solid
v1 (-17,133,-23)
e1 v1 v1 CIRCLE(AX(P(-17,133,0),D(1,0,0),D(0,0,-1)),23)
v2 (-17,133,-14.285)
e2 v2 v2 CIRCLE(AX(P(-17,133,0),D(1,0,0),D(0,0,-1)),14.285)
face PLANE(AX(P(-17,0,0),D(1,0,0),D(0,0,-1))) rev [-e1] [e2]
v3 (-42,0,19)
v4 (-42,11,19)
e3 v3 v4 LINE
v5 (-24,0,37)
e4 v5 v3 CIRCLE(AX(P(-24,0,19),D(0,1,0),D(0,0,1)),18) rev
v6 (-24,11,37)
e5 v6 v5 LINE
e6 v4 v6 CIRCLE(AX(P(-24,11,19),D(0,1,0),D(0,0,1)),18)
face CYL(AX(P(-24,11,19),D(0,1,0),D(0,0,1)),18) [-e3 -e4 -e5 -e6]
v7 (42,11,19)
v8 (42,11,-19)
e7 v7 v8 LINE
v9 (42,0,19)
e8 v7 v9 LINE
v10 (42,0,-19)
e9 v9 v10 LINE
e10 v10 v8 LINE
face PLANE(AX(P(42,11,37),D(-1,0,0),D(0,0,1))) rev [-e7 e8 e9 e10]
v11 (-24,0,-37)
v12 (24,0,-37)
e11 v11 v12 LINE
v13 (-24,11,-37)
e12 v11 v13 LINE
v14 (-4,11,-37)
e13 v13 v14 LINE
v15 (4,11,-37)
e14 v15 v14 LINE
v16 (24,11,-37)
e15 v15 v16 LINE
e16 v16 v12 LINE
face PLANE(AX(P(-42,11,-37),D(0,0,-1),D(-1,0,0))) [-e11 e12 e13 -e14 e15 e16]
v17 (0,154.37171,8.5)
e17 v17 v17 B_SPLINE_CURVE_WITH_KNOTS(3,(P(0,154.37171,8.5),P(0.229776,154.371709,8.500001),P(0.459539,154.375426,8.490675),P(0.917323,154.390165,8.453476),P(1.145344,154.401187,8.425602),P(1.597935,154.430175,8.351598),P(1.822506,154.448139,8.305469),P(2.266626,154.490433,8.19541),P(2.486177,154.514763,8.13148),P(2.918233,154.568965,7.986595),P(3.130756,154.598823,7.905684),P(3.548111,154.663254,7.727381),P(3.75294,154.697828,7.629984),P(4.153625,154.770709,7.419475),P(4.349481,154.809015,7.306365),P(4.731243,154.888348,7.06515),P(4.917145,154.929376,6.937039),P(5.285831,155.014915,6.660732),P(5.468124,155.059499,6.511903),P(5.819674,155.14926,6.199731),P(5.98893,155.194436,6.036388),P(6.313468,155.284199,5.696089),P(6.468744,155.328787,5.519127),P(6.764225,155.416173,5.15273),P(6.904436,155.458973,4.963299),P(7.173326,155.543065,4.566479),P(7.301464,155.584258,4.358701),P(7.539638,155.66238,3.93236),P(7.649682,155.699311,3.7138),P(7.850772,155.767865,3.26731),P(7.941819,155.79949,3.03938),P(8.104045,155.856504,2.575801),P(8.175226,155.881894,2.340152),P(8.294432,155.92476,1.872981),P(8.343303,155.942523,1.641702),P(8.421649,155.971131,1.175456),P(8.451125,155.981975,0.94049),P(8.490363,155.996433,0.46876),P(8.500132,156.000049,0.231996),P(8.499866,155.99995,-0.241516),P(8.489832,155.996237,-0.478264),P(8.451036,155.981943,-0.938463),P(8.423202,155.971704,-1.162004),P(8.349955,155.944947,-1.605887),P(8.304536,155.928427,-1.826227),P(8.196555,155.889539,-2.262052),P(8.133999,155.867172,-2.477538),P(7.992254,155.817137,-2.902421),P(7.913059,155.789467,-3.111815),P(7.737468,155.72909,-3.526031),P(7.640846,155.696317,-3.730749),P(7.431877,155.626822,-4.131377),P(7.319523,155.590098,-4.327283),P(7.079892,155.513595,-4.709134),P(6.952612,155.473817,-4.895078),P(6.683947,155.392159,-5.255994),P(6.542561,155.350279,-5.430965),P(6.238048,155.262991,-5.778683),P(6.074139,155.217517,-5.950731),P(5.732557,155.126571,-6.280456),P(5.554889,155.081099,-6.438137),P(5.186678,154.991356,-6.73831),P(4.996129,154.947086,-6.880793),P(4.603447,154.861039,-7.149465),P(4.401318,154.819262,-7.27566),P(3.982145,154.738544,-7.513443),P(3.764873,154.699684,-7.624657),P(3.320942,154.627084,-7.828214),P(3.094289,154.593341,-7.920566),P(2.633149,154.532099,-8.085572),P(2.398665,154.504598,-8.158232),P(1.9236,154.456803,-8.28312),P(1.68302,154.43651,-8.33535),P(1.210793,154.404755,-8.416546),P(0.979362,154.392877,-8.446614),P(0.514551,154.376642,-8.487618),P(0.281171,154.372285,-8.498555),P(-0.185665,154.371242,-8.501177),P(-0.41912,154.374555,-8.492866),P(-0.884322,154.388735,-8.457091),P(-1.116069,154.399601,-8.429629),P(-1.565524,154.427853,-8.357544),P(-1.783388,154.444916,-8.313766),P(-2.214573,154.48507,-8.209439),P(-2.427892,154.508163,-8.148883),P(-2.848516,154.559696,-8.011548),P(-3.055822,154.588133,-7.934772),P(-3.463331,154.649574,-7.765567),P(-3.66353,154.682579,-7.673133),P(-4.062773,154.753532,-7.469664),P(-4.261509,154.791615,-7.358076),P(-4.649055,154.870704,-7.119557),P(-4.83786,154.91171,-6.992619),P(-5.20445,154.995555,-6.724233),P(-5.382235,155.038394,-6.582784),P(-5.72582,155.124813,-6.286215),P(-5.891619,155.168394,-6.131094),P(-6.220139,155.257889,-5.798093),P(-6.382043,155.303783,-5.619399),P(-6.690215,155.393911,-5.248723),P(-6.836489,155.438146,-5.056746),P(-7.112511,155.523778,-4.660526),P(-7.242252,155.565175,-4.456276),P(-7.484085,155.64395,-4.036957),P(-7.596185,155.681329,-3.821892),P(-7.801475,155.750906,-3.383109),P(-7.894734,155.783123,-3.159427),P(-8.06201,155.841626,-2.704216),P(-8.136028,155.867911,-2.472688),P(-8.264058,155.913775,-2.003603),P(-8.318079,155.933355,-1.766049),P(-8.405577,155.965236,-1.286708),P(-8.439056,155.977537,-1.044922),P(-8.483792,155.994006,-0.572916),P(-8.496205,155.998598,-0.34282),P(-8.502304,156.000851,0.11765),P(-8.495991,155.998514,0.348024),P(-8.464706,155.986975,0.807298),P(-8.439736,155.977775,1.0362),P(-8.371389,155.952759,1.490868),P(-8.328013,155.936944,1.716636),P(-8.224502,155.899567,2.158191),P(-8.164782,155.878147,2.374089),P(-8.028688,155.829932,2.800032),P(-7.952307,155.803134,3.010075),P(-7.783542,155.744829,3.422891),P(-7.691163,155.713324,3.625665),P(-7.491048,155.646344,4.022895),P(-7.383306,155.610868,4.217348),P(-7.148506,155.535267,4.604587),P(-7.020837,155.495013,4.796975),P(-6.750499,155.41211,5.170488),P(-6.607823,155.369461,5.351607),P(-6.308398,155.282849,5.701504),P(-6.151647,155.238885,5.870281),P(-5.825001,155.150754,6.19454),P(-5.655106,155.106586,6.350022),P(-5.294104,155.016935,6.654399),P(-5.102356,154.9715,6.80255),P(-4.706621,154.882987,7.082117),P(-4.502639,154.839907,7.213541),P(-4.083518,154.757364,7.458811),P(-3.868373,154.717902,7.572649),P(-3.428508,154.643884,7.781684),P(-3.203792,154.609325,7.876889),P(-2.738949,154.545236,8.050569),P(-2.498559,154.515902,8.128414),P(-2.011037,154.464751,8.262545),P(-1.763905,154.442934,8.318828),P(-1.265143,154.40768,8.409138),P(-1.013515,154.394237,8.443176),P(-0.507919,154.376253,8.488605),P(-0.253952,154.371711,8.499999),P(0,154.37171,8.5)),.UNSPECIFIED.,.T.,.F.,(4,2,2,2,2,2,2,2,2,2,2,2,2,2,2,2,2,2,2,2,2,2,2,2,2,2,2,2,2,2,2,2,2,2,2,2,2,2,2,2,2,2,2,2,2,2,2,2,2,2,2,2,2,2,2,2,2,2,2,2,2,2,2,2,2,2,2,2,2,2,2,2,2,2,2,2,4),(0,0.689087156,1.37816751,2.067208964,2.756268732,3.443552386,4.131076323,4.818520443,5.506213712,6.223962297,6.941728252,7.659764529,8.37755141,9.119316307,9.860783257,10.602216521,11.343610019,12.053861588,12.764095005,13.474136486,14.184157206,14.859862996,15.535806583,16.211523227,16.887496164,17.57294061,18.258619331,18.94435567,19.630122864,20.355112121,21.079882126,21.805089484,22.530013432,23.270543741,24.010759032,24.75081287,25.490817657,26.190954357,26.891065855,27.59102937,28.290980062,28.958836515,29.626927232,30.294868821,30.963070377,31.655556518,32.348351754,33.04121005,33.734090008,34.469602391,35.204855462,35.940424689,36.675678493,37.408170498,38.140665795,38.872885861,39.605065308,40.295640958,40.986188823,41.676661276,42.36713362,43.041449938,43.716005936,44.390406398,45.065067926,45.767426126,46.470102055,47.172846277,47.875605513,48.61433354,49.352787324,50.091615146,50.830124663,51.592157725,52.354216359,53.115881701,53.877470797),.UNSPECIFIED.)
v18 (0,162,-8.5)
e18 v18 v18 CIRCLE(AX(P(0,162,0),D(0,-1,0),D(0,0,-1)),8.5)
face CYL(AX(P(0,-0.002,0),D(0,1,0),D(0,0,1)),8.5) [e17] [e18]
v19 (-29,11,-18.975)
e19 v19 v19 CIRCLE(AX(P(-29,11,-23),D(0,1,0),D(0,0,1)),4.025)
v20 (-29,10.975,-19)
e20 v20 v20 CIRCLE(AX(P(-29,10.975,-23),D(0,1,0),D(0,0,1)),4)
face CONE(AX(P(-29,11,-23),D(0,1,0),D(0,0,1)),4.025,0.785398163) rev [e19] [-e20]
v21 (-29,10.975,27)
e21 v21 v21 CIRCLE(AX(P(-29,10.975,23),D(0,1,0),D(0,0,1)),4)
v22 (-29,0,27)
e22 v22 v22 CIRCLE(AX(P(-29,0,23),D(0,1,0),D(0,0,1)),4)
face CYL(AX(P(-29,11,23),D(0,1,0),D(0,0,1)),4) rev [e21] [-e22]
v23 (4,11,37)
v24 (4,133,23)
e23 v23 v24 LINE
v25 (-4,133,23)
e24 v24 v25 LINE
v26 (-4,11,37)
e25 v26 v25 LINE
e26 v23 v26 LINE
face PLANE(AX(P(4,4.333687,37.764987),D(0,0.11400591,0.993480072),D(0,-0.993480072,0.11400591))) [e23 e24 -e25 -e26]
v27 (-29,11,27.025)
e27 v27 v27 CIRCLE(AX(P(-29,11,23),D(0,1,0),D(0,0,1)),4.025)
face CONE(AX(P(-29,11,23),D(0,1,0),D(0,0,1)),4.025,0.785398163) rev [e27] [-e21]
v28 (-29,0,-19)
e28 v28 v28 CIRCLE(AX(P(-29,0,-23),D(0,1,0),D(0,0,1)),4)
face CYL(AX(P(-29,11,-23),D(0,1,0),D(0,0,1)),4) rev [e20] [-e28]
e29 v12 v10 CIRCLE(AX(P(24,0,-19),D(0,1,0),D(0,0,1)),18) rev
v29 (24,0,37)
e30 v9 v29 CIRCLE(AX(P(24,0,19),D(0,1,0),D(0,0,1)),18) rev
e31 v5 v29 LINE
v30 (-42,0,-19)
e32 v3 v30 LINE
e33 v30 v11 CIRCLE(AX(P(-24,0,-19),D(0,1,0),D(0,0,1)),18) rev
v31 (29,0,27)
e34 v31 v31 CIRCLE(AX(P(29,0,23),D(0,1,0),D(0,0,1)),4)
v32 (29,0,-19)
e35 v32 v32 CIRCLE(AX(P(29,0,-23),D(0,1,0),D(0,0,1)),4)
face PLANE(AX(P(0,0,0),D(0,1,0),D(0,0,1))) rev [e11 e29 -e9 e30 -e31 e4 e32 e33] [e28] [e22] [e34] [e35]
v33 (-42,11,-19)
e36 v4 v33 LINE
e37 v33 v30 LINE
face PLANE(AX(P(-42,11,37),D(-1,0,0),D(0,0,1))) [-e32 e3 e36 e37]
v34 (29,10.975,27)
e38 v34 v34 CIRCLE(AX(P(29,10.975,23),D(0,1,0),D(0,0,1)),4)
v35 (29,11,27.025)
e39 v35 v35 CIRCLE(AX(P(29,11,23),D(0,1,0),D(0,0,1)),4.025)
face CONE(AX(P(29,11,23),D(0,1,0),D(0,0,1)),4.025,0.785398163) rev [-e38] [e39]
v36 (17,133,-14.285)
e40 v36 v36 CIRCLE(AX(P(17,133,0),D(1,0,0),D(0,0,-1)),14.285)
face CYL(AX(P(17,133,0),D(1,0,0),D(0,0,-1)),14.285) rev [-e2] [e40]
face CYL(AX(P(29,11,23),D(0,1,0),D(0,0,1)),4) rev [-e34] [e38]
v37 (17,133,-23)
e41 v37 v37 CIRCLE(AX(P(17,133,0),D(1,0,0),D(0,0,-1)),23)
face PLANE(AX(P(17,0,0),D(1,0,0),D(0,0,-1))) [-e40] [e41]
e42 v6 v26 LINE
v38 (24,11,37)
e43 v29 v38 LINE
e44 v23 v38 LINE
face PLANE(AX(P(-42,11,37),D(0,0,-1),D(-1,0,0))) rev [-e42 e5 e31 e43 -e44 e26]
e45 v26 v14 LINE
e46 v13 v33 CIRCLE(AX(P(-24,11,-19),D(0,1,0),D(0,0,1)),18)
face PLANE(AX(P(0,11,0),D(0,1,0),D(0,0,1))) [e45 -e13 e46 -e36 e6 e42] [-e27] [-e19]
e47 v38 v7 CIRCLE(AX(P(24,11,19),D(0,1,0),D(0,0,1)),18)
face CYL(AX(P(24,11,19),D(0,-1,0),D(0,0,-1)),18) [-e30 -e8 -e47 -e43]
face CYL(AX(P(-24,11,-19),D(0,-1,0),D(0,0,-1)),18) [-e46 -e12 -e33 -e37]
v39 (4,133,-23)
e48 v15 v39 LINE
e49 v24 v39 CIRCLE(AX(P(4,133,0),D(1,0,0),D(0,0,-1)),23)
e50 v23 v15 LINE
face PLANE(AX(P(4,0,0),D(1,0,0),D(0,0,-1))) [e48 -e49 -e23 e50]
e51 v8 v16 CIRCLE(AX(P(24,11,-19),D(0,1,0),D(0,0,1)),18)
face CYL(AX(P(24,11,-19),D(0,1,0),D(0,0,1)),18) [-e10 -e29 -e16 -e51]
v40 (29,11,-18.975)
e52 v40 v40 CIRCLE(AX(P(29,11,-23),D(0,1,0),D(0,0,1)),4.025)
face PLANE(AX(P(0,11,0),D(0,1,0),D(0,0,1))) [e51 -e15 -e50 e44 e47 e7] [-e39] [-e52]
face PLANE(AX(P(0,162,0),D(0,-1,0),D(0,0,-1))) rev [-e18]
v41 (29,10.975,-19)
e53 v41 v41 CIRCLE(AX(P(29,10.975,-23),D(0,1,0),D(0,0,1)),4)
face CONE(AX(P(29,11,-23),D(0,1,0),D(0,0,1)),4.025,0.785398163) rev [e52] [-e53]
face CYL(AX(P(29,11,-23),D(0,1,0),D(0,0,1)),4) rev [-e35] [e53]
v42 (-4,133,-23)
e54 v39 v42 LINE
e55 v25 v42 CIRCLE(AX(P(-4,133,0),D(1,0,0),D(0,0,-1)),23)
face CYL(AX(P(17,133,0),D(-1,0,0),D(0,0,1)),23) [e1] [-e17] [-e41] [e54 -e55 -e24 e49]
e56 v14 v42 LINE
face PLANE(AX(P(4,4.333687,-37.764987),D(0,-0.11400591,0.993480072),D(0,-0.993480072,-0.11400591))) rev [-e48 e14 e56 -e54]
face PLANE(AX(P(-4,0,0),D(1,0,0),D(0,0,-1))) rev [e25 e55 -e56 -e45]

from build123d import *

# Parameters (mm, degrees)
SKETCH2_W                          = 84
SKETCH2_H                          = 74
BOSS_EXTRUDE1_DEPTH                = 11
FILLET1_R                          = 18
F_8_0_8_DIAMETER_HOLE1_D           = 8
F_8_0_8_DIAMETER_HOLE1_CSINK_D     = 8.05
F_8_0_8_DIAMETER_HOLE1_CSINK_ANGLE = 90
BOSS_EXTRUDE6_DEPTH                = 4
SKETCH9_9_R                        = 23
BOSS_EXTRUDE7_DEPTH                = 17
F_8_0_28_57_DIAMETER_HOLE1_D       = 28.57
BOSS_EXTRUDE8_REACH                = 173.397
BOSS_EXTRUDE8_END_RADIUS           = 23
SKETCH18_R                         = 8.5


with BuildPart() as part:
    # Sketch2 → Boss-Extrude1 (new body)
    with BuildSketch(Plane(origin=(0, 0, 0), x_dir=(1, 0, 0), z_dir=(0, 1, 0))):
        Rectangle(SKETCH2_W, SKETCH2_H)
    extrude(amount=BOSS_EXTRUDE1_DEPTH)

    # Fillet1
    fillet1_edges = [part.edges().sort_by_distance(p)[0] for p in [
        (-42, 5.5, 37),
        (-42, 5.5, -37),
        (42, 5.5, -37),
        (42, 5.5, 37),
    ]]
    fillet(fillet1_edges, radius=FILLET1_R)

    # Ø8.0 (8) Diameter Hole1 (through all)
    with Locations(Plane(origin=(0, 11, 0), x_dir=(1, 0, 0), z_dir=(0, 1, 0))):
        with Locations((-29, 23), (29, 23), (29, -23), (-29, -23)):
            CounterSinkHole(F_8_0_8_DIAMETER_HOLE1_D / 2, F_8_0_8_DIAMETER_HOLE1_CSINK_D / 2, counter_sink_angle=F_8_0_8_DIAMETER_HOLE1_CSINK_ANGLE)

    # Sketch9 → Boss-Extrude6 (add, symmetric)
    with BuildSketch(Plane(origin=(0, 0, 0), x_dir=(0, 0, -1), z_dir=(1, 0, 0))):
        with BuildLine():
            Line((-23, 133), (-37, 11))
            Line((-37, 11), (37, 11))
            Line((37, 11), (23, 133))
            ThreePointArc((23, 133), (0, 110), (-23, 133))
        make_face()
    extrude(amount=BOSS_EXTRUDE6_DEPTH, both=True)

    # Sketch9<9> → Boss-Extrude7 (add, symmetric)
    with BuildSketch(Plane(origin=(0, 0, 0), x_dir=(0, 0, -1), z_dir=(1, 0, 0))):
        with Locations((0, 133)):
            Circle(SKETCH9_9_R)
    extrude(amount=BOSS_EXTRUDE7_DEPTH, both=True)

    # Ø8.0 (28.57) Diameter Hole1 (through all)
    with Locations(Plane(origin=(17, 0, 0), x_dir=(0, 0, -1), z_dir=(1, 0, 0))):
        with Locations((0, 133)):
            Hole(F_8_0_28_57_DIAMETER_HOLE1_D / 2)

    # Boss-Extrude8: up to this cylinder (the profile starts outside it)
    boss_extrude8_end = Plane(origin=(0, 133, 0), z_dir=(-1, 0, 0)) * Cylinder(BOSS_EXTRUDE8_END_RADIUS, 393.794, mode=Mode.PRIVATE)
    # Sketch18 → Boss-Extrude8 (add, up to the surface)
    with BuildSketch(Plane(origin=(0, 162, 0), x_dir=(-1, 0, 0), z_dir=(0, -1, 0)), mode=Mode.PRIVATE) as boss_extrude8_sk1:
        with Locations(Location((0, 0, 0), (0, 0, 270))):
            Circle(SKETCH18_R)
    boss_extrude8_tool1 = extrude(boss_extrude8_sk1.sketch, amount=BOSS_EXTRUDE8_REACH, mode=Mode.PRIVATE) - boss_extrude8_end
    add(boss_extrude8_tool1.solids().sort_by_distance((0, 162, 0))[0])


solid = part.part
